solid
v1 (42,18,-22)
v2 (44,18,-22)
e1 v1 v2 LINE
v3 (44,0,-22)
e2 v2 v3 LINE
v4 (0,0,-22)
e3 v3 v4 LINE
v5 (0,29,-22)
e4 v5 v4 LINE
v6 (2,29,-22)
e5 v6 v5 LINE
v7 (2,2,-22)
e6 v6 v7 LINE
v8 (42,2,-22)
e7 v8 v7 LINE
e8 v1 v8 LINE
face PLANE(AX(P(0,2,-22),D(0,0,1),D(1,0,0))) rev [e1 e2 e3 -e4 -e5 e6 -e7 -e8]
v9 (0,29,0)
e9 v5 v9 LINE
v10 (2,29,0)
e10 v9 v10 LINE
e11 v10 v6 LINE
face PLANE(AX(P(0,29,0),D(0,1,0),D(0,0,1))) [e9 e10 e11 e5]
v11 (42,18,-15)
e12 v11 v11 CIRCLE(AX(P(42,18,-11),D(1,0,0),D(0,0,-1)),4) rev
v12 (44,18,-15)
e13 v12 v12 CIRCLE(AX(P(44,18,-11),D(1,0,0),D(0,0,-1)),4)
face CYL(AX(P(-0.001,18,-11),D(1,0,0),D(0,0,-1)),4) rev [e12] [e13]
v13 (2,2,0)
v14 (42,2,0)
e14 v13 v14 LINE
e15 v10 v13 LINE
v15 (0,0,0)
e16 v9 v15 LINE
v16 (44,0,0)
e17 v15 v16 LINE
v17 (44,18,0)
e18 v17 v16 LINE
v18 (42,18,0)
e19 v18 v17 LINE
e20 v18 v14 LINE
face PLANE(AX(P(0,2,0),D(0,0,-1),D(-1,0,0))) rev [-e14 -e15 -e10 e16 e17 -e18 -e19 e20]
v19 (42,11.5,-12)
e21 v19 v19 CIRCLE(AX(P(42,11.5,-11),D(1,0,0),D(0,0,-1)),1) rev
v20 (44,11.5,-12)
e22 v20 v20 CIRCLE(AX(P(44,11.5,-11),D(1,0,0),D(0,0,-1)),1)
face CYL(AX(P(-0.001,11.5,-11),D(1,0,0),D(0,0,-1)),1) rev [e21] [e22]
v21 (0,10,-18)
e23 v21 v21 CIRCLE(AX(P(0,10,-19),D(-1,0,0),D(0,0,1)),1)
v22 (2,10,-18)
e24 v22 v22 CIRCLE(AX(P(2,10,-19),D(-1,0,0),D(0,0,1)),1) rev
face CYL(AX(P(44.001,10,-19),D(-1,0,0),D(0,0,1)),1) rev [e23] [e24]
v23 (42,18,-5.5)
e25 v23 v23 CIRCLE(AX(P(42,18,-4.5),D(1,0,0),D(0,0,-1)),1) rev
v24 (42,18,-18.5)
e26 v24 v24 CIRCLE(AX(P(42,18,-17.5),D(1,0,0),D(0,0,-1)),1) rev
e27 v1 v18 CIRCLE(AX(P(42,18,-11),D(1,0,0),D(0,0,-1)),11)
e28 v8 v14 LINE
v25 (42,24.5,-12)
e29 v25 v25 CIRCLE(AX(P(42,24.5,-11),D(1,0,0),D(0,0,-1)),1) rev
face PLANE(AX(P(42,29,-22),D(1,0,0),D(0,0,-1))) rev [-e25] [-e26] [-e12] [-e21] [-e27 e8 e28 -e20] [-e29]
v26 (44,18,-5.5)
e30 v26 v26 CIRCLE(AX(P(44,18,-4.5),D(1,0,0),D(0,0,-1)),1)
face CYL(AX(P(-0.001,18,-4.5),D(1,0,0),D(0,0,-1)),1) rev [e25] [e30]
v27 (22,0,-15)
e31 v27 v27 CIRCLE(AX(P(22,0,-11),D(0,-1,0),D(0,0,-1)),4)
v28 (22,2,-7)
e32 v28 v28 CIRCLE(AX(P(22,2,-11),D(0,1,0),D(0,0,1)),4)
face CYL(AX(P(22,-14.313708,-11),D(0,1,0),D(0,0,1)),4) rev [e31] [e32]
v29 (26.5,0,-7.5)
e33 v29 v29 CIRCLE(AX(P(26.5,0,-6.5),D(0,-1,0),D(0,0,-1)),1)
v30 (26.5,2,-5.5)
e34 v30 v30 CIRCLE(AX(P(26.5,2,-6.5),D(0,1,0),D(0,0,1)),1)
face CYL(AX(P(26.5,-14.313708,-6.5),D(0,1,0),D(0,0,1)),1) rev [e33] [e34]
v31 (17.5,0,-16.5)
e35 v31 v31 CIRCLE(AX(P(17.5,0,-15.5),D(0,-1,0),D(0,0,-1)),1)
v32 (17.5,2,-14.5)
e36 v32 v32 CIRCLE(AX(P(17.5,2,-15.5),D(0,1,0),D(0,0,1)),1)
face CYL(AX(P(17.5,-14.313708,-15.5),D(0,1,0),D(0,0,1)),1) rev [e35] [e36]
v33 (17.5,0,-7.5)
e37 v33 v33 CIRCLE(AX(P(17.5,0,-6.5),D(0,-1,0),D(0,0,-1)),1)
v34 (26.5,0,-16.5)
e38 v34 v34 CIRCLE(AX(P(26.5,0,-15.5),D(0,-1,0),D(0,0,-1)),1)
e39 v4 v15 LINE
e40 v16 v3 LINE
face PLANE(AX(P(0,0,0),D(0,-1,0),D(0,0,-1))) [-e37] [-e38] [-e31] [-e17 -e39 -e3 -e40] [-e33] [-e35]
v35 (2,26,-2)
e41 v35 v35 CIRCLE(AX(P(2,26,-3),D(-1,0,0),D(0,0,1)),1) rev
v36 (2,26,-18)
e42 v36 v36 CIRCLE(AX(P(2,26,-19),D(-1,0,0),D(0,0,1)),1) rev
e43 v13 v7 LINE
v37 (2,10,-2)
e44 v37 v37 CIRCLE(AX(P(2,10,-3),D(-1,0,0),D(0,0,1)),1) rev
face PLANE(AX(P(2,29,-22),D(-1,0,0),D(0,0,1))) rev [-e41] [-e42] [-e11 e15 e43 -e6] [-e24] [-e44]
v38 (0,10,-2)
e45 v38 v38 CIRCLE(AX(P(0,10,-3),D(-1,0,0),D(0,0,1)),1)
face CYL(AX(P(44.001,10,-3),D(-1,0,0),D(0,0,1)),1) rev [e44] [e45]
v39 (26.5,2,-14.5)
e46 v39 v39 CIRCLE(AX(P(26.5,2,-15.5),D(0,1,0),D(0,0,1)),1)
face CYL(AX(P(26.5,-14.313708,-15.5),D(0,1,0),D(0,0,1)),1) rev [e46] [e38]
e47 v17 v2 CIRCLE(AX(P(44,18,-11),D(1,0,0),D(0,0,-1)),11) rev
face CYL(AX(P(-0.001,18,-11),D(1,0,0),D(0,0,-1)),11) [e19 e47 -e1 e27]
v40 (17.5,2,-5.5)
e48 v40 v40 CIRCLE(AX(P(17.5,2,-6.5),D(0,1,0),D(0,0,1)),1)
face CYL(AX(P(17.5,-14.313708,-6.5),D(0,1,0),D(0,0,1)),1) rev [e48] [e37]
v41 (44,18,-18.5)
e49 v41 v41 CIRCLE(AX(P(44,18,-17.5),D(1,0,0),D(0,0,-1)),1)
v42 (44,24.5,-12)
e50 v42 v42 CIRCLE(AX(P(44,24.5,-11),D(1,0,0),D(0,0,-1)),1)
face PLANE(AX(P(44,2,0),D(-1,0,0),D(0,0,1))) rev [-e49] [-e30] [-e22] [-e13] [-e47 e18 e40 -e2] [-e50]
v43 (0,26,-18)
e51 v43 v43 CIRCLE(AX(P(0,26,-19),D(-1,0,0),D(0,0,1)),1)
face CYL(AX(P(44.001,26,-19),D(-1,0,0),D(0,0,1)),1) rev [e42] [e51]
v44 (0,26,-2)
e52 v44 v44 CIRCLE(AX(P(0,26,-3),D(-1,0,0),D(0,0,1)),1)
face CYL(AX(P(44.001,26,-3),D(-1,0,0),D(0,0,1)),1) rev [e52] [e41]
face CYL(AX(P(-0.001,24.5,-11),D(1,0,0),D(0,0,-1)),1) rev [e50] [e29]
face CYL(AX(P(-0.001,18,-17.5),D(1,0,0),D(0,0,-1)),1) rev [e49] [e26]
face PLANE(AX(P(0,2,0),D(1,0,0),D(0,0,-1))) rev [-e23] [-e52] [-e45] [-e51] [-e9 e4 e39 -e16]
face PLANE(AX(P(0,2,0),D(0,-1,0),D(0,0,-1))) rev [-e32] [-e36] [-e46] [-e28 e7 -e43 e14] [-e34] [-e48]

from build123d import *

# Parameters (mm, degrees)
SKETCH1_W           = 44
SKETCH1_H           = 22
BOSS_EXTRUDE1_DEPTH = 2
SKETCH2_W           = 2
SKETCH2_H           = 22
BOSS_EXTRUDE2_DEPTH = 27
CUT_EXTRUDE1_REACH  = 46
CUT_EXTRUDE2_REACH  = 46
SKETCH4_R           = 1
CUT_EXTRUDE3_REACH  = 46
SKETCH5_R           = 4
SKETCH5_R_2         = 1
SKETCH6_R           = 1
SKETCH6_R_2         = 4
CUT_EXTRUDE4_DEPTH  = 5


with BuildPart() as part:
    # Sketch1 → Boss-Extrude1 (new body)
    with BuildSketch(Plane(origin=(0, 0, 0), x_dir=(1, 0, 0), z_dir=(0, 1, 0))):
        with Locations((22, 11)):
            Rectangle(SKETCH1_W, SKETCH1_H)
    extrude(amount=BOSS_EXTRUDE1_DEPTH)

    # Sketch2 → Boss-Extrude2 (add)
    with BuildSketch(Plane(origin=(0, 2, 0), x_dir=(1, 0, 0), z_dir=(0, 1, 0))):
        with Locations((1, 11)):
            Rectangle(SKETCH2_W, SKETCH2_H)
        with Locations((43, 11)):
            Rectangle(SKETCH2_W, SKETCH2_H)
    extrude(amount=BOSS_EXTRUDE2_DEPTH)

    # Sketch3 → Cut-Extrude1 (cut, up to next)
    with BuildSketch(Plane(origin=(44, 0, 0), x_dir=(0, 0, -1), z_dir=(1, 0, 0)), mode=Mode.PRIVATE) as cut_extrude1_sk1:
        with BuildLine():
            Line((11, 29), (0, 29))
            Line((0, 29), (0, 18))
            ThreePointArc((0, 18), (3.221825407, 25.778174593), (11, 29))
        make_face()
    cut_extrude1_tool1 = extrude(cut_extrude1_sk1.sketch, amount=-CUT_EXTRUDE1_REACH, mode=Mode.PRIVATE) & part.part
    add(cut_extrude1_tool1.solids().sort_by_distance((44, 26.542953, -2.457047))[0], mode=Mode.SUBTRACT)
    # Sketch3 → Cut-Extrude1 (cut, up to next)
    with BuildSketch(Plane(origin=(44, 0, 0), x_dir=(0, 0, -1), z_dir=(1, 0, 0)), mode=Mode.PRIVATE) as cut_extrude1_sk2:
        with BuildLine():
            Line((22, 29), (11, 29))
            ThreePointArc((11, 29), (18.778174593, 25.778174593), (22, 18))
            Line((22, 18), (22, 29))
        make_face()
    cut_extrude1_tool2 = extrude(cut_extrude1_sk2.sketch, amount=-CUT_EXTRUDE1_REACH, mode=Mode.PRIVATE) & part.part
    add(cut_extrude1_tool2.solids().sort_by_distance((44, 26.542953, -19.542953))[0], mode=Mode.SUBTRACT)

    # Sketch4 → Cut-Extrude2 (cut, up to next)
    with BuildSketch(Plane.ZY, mode=Mode.PRIVATE) as cut_extrude2_sk1:
        with Locations((-19, 10)):
            Circle(SKETCH4_R)
    cut_extrude2_tool1 = extrude(cut_extrude2_sk1.sketch, amount=-CUT_EXTRUDE2_REACH, mode=Mode.PRIVATE) & part.part
    add(cut_extrude2_tool1.solids().sort_by_distance((0, 10, -19))[0], mode=Mode.SUBTRACT)
    # Sketch4 → Cut-Extrude2 (cut, up to next)
    with BuildSketch(Plane.ZY, mode=Mode.PRIVATE) as cut_extrude2_sk2:
        with Locations((-19, 26)):
            Circle(SKETCH4_R)
    cut_extrude2_tool2 = extrude(cut_extrude2_sk2.sketch, amount=-CUT_EXTRUDE2_REACH, mode=Mode.PRIVATE) & part.part
    add(cut_extrude2_tool2.solids().sort_by_distance((0, 26, -19))[0], mode=Mode.SUBTRACT)
    # Sketch4 → Cut-Extrude2 (cut, up to next)
    with BuildSketch(Plane.ZY, mode=Mode.PRIVATE) as cut_extrude2_sk3:
        with Locations((-3, 10)):
            Circle(SKETCH4_R)
    cut_extrude2_tool3 = extrude(cut_extrude2_sk3.sketch, amount=-CUT_EXTRUDE2_REACH, mode=Mode.PRIVATE) & part.part
    add(cut_extrude2_tool3.solids().sort_by_distance((0, 10, -3))[0], mode=Mode.SUBTRACT)
    # Sketch4 → Cut-Extrude2 (cut, up to next)
    with BuildSketch(Plane.ZY, mode=Mode.PRIVATE) as cut_extrude2_sk4:
        with Locations((-3, 26)):
            Circle(SKETCH4_R)
    cut_extrude2_tool4 = extrude(cut_extrude2_sk4.sketch, amount=-CUT_EXTRUDE2_REACH, mode=Mode.PRIVATE) & part.part
    add(cut_extrude2_tool4.solids().sort_by_distance((0, 26, -3))[0], mode=Mode.SUBTRACT)

    # Sketch5 → Cut-Extrude3 (cut, up to next)
    with BuildSketch(Plane(origin=(44, 0, 0), x_dir=(0, 0, -1), z_dir=(1, 0, 0)), mode=Mode.PRIVATE) as cut_extrude3_sk1:
        with Locations((11, 18)):
            Circle(SKETCH5_R)
    cut_extrude3_tool1 = extrude(cut_extrude3_sk1.sketch, amount=-CUT_EXTRUDE3_REACH, mode=Mode.PRIVATE) & part.part
    add(cut_extrude3_tool1.solids().sort_by_distance((44, 18, -11))[0], mode=Mode.SUBTRACT)
    # Sketch5 → Cut-Extrude3 (cut, up to next)
    with BuildSketch(Plane(origin=(44, 0, 0), x_dir=(0, 0, -1), z_dir=(1, 0, 0)), mode=Mode.PRIVATE) as cut_extrude3_sk2:
        with Locations((17.5, 18)):
            Circle(SKETCH5_R_2)
    cut_extrude3_tool2 = extrude(cut_extrude3_sk2.sketch, amount=-CUT_EXTRUDE3_REACH, mode=Mode.PRIVATE) & part.part
    add(cut_extrude3_tool2.solids().sort_by_distance((44, 18, -17.5))[0], mode=Mode.SUBTRACT)
    # Sketch5 → Cut-Extrude3 (cut, up to next)
    with BuildSketch(Plane(origin=(44, 0, 0), x_dir=(0, 0, -1), z_dir=(1, 0, 0)), mode=Mode.PRIVATE) as cut_extrude3_sk3:
        with Locations((11, 24.5)):
            Circle(SKETCH5_R_2)
    cut_extrude3_tool3 = extrude(cut_extrude3_sk3.sketch, amount=-CUT_EXTRUDE3_REACH, mode=Mode.PRIVATE) & part.part
    add(cut_extrude3_tool3.solids().sort_by_distance((44, 24.5, -11))[0], mode=Mode.SUBTRACT)
    # Sketch5 → Cut-Extrude3 (cut, up to next)
    with BuildSketch(Plane(origin=(44, 0, 0), x_dir=(0, 0, -1), z_dir=(1, 0, 0)), mode=Mode.PRIVATE) as cut_extrude3_sk4:
        with Locations((4.5, 18)):
            Circle(SKETCH5_R_2)
    cut_extrude3_tool4 = extrude(cut_extrude3_sk4.sketch, amount=-CUT_EXTRUDE3_REACH, mode=Mode.PRIVATE) & part.part
    add(cut_extrude3_tool4.solids().sort_by_distance((44, 18, -4.5))[0], mode=Mode.SUBTRACT)
    # Sketch5 → Cut-Extrude3 (cut, up to next)
    with BuildSketch(Plane(origin=(44, 0, 0), x_dir=(0, 0, -1), z_dir=(1, 0, 0)), mode=Mode.PRIVATE) as cut_extrude3_sk5:
        with Locations((11, 11.5)):
            Circle(SKETCH5_R_2)
    cut_extrude3_tool5 = extrude(cut_extrude3_sk5.sketch, amount=-CUT_EXTRUDE3_REACH, mode=Mode.PRIVATE) & part.part
    add(cut_extrude3_tool5.solids().sort_by_distance((44, 11.5, -11))[0], mode=Mode.SUBTRACT)

    # Sketch6 → Cut-Extrude4 (cut)
    with BuildSketch(Plane(origin=(0, 2, 0), x_dir=(1, 0, 0), z_dir=(0, 1, 0))):
        with BuildLine():
            ThreePointArc((26.5, 7.5), (25.792893219, 7.207106781), (25.5, 6.5))
            Line((25.5, 6.5), (26.5, 6.5))
            Line((26.5, 6.5), (26.5, 7.5))
        make_face()
        with BuildLine():
            Line((26.5, 6.5), (25.5, 6.5))
            ThreePointArc((25.5, 6.5), (26.5, 5.5), (27.5, 6.5))
            ThreePointArc((27.5, 6.5), (27.207106781, 7.207106781), (26.5, 7.5))
            Line((26.5, 7.5), (26.5, 6.5))
        make_face()
        with Locations((17.5, 6.5)):
            Circle(SKETCH6_R)
        with Locations((17.5, 15.5)):
            Circle(SKETCH6_R)
        with Locations((26.5, 15.5)):
            Circle(SKETCH6_R)
        with Locations((22, 11)):
            Circle(SKETCH6_R_2)
    extrude(amount=-CUT_EXTRUDE4_DEPTH, mode=Mode.SUBTRACT)


solid = part.part
